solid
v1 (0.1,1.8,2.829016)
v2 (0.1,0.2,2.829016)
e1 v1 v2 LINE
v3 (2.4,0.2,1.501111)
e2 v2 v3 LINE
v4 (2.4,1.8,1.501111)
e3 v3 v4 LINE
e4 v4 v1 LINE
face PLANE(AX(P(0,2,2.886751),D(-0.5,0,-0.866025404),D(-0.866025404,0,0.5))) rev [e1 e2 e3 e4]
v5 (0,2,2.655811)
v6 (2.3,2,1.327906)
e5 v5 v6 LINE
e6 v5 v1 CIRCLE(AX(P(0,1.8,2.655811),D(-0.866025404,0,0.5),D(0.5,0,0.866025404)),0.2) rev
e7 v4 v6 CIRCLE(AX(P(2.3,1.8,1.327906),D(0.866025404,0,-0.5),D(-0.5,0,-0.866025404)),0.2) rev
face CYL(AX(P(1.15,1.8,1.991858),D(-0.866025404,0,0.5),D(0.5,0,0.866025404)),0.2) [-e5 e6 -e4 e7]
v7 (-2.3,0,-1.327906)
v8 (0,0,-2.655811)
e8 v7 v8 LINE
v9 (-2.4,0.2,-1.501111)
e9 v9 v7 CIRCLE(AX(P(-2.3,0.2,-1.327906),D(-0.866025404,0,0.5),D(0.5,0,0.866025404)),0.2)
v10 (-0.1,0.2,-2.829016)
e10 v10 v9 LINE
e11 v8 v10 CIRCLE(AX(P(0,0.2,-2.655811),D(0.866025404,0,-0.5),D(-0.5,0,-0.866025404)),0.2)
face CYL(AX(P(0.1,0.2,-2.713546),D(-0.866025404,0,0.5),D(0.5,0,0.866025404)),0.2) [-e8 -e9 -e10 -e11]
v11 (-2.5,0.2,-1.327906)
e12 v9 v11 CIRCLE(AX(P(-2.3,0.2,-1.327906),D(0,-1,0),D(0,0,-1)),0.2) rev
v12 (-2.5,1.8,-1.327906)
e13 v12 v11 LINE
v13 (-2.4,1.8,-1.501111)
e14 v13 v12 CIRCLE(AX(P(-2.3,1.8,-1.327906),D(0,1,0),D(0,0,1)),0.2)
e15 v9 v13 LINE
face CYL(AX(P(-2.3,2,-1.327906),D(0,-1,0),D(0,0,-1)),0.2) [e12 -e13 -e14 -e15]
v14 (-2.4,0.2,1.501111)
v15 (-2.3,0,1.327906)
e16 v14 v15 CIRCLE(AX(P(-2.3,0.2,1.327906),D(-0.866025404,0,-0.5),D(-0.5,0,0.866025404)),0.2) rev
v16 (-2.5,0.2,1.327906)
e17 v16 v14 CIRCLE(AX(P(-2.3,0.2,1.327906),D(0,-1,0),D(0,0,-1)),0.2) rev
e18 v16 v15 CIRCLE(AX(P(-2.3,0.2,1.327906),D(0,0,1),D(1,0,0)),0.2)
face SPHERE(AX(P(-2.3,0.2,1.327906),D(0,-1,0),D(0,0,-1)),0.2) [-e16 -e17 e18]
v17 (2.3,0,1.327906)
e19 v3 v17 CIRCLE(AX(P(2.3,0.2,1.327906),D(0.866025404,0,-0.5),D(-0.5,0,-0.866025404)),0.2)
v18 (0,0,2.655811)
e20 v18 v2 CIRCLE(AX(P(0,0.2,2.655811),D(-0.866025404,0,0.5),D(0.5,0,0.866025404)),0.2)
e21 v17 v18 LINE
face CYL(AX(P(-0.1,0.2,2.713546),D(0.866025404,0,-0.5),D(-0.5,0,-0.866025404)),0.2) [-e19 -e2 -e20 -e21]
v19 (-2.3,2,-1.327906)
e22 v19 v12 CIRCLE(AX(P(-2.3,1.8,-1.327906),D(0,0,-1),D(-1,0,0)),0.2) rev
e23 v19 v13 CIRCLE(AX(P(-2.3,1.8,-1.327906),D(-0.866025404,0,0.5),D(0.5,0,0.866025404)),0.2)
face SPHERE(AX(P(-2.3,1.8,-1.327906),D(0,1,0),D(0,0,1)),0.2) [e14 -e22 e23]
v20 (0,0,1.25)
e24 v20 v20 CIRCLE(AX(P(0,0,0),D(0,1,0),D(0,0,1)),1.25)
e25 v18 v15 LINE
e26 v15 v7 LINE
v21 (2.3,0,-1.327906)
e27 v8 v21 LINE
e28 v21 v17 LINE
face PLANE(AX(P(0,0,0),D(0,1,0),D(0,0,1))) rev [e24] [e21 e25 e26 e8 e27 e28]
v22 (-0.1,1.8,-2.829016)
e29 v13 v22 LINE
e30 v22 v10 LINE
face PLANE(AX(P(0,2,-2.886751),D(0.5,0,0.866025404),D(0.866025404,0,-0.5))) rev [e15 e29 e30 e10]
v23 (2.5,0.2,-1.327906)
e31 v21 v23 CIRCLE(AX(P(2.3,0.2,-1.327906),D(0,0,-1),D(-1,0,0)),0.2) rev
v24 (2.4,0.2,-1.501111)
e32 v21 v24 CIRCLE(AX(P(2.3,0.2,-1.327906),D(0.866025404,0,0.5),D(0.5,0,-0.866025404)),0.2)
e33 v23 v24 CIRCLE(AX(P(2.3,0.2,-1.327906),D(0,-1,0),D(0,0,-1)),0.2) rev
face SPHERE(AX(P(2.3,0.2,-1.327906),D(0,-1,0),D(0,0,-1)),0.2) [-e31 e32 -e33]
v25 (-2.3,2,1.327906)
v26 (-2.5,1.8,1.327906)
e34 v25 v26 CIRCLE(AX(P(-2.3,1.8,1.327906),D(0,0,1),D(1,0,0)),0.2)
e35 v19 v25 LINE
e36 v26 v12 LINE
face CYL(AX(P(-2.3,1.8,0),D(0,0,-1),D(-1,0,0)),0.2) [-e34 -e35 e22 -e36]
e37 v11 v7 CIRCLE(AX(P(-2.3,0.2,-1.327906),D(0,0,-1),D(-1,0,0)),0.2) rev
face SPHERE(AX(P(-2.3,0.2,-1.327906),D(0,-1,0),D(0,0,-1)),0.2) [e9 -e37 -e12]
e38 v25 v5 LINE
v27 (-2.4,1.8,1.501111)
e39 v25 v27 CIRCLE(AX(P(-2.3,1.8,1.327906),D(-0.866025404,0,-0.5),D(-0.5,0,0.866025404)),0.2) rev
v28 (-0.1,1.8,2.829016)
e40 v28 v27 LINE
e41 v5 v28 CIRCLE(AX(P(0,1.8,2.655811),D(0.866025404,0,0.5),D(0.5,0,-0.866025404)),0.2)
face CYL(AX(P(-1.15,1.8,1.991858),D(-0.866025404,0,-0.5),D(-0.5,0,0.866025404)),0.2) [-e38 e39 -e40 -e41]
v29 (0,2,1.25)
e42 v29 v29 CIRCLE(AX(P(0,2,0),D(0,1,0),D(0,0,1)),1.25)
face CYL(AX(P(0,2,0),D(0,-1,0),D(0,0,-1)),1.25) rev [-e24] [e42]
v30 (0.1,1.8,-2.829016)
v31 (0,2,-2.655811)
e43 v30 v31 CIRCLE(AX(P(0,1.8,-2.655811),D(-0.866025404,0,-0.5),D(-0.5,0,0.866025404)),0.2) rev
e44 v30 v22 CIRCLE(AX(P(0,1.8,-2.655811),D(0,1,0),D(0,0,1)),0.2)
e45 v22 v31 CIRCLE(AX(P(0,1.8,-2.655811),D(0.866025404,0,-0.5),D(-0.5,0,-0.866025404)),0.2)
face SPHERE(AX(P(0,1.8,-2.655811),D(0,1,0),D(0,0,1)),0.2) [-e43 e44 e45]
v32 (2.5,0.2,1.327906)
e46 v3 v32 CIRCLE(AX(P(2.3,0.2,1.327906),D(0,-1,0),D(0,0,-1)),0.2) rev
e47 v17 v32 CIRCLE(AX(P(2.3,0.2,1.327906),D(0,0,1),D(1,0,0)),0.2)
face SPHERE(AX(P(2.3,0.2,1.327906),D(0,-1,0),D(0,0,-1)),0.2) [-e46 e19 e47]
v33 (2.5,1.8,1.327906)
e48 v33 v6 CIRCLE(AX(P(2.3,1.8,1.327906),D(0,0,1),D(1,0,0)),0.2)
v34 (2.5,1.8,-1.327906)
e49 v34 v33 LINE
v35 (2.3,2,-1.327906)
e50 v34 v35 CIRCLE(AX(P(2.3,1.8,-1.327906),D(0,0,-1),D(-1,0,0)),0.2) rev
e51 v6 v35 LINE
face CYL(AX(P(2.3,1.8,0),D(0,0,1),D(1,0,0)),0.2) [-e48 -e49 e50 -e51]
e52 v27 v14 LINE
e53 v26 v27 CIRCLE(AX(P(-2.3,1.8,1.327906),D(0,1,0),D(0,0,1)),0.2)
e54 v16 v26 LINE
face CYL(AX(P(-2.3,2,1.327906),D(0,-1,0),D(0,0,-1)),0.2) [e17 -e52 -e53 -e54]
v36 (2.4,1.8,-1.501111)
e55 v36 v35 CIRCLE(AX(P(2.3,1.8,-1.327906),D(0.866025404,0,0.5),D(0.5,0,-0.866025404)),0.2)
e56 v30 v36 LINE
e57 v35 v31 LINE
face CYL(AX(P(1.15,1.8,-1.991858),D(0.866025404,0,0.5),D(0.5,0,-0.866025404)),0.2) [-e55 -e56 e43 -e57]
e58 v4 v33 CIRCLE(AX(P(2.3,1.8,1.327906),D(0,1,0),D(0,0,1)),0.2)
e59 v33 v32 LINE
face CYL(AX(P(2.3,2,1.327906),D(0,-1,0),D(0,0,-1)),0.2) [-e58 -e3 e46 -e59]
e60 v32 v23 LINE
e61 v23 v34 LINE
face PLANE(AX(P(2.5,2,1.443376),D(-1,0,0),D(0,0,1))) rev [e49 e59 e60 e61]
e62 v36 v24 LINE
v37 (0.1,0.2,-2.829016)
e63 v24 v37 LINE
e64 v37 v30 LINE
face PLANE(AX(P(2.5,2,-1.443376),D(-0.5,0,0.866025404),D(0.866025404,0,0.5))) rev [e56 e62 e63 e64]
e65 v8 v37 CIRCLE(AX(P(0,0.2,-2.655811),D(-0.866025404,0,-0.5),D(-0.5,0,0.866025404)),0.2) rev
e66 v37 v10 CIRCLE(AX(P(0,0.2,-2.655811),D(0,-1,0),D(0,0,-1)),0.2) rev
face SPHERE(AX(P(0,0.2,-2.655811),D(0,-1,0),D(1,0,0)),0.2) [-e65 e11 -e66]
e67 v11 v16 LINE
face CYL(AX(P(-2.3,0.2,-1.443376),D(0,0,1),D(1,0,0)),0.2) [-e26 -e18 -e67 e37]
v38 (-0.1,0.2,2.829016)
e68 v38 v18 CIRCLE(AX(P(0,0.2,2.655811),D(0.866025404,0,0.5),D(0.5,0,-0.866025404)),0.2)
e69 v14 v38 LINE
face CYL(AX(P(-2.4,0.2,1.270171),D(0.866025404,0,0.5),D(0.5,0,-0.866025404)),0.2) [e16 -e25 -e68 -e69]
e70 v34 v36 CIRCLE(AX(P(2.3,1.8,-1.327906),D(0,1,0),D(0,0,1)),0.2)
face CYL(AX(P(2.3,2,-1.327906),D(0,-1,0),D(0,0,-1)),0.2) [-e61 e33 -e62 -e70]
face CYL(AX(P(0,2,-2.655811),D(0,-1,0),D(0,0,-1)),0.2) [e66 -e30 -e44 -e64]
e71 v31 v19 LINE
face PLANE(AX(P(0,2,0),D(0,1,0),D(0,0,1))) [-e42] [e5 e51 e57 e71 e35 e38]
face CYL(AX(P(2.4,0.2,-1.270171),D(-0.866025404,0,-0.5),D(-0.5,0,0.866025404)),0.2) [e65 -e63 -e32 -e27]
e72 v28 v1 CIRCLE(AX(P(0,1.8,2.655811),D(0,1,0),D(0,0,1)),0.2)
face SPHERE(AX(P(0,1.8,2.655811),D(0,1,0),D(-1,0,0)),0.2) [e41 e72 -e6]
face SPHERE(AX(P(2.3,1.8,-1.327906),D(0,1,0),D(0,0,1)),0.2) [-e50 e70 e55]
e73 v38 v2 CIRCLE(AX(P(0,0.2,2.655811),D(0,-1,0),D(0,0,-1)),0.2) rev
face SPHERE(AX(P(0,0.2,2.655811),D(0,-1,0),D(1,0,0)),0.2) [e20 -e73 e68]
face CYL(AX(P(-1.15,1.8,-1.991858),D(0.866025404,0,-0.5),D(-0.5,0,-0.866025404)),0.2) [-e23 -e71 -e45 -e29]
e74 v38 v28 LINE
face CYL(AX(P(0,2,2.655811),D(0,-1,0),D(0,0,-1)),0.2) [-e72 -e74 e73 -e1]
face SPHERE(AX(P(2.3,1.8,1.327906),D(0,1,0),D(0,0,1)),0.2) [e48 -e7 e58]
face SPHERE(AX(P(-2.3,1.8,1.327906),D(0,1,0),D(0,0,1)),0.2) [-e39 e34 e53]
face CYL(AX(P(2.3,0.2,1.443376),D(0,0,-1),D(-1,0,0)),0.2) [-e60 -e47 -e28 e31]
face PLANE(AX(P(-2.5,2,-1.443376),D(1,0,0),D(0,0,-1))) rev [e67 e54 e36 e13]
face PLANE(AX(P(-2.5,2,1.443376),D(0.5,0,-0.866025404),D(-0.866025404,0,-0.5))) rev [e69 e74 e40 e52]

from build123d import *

# Parameters (mm, degrees)
SKETCH1_R           = 1.25
BOSS_EXTRUDE1_DEPTH = 2
FILLET1_R           = 0.2


with BuildPart() as part:
    # Sketch1 → Boss-Extrude1 (new body)
    with BuildSketch(Plane(origin=(0, 0, 0), x_dir=(1, 0, 0), z_dir=(0, 1, 0))):
        Polygon((0, -2.886751346), (2.5, -1.443375673), (2.5, 1.443375673), (0, 2.886751346), (-2.5, 1.443375673), (-2.5, -1.443375673), align=None)
        with Locations(Location((0, 0, 0), (0, 0, 270))):
            Circle(SKETCH1_R, mode=Mode.SUBTRACT)
    extrude(amount=BOSS_EXTRUDE1_DEPTH)

    # Fillet1
    fillet1_edges = [part.edges().sort_by_distance(p)[0] for p in [
        (-2.5, 1, 1.443375673),
        (-2.5, 1, -1.443375673),
        (0, 1, -2.886751346),
        (2.5, 1, -1.443375673),
        (2.5, 1, 1.443375673),
        (0, 1, 2.886751346),
        (2.5, 2, 0),
        (1.25, 2, -2.165063509),
        (-1.25, 2, -2.165063509),
        (-2.5, 2, 0),
        (-1.25, 2, 2.165063509),
        (-2.5, 0, 0),
        (-1.25, 0, -2.165063509),
        (1.25, 0, -2.165063509),
        (2.5, 0, 0),
        (1.25, 0, 2.165063509),
        (-1.25, 0, 2.165063509),
        (1.25, 2, 2.165063509),
    ]]
    fillet(fillet1_edges, radius=FILLET1_R)


solid = part.part
